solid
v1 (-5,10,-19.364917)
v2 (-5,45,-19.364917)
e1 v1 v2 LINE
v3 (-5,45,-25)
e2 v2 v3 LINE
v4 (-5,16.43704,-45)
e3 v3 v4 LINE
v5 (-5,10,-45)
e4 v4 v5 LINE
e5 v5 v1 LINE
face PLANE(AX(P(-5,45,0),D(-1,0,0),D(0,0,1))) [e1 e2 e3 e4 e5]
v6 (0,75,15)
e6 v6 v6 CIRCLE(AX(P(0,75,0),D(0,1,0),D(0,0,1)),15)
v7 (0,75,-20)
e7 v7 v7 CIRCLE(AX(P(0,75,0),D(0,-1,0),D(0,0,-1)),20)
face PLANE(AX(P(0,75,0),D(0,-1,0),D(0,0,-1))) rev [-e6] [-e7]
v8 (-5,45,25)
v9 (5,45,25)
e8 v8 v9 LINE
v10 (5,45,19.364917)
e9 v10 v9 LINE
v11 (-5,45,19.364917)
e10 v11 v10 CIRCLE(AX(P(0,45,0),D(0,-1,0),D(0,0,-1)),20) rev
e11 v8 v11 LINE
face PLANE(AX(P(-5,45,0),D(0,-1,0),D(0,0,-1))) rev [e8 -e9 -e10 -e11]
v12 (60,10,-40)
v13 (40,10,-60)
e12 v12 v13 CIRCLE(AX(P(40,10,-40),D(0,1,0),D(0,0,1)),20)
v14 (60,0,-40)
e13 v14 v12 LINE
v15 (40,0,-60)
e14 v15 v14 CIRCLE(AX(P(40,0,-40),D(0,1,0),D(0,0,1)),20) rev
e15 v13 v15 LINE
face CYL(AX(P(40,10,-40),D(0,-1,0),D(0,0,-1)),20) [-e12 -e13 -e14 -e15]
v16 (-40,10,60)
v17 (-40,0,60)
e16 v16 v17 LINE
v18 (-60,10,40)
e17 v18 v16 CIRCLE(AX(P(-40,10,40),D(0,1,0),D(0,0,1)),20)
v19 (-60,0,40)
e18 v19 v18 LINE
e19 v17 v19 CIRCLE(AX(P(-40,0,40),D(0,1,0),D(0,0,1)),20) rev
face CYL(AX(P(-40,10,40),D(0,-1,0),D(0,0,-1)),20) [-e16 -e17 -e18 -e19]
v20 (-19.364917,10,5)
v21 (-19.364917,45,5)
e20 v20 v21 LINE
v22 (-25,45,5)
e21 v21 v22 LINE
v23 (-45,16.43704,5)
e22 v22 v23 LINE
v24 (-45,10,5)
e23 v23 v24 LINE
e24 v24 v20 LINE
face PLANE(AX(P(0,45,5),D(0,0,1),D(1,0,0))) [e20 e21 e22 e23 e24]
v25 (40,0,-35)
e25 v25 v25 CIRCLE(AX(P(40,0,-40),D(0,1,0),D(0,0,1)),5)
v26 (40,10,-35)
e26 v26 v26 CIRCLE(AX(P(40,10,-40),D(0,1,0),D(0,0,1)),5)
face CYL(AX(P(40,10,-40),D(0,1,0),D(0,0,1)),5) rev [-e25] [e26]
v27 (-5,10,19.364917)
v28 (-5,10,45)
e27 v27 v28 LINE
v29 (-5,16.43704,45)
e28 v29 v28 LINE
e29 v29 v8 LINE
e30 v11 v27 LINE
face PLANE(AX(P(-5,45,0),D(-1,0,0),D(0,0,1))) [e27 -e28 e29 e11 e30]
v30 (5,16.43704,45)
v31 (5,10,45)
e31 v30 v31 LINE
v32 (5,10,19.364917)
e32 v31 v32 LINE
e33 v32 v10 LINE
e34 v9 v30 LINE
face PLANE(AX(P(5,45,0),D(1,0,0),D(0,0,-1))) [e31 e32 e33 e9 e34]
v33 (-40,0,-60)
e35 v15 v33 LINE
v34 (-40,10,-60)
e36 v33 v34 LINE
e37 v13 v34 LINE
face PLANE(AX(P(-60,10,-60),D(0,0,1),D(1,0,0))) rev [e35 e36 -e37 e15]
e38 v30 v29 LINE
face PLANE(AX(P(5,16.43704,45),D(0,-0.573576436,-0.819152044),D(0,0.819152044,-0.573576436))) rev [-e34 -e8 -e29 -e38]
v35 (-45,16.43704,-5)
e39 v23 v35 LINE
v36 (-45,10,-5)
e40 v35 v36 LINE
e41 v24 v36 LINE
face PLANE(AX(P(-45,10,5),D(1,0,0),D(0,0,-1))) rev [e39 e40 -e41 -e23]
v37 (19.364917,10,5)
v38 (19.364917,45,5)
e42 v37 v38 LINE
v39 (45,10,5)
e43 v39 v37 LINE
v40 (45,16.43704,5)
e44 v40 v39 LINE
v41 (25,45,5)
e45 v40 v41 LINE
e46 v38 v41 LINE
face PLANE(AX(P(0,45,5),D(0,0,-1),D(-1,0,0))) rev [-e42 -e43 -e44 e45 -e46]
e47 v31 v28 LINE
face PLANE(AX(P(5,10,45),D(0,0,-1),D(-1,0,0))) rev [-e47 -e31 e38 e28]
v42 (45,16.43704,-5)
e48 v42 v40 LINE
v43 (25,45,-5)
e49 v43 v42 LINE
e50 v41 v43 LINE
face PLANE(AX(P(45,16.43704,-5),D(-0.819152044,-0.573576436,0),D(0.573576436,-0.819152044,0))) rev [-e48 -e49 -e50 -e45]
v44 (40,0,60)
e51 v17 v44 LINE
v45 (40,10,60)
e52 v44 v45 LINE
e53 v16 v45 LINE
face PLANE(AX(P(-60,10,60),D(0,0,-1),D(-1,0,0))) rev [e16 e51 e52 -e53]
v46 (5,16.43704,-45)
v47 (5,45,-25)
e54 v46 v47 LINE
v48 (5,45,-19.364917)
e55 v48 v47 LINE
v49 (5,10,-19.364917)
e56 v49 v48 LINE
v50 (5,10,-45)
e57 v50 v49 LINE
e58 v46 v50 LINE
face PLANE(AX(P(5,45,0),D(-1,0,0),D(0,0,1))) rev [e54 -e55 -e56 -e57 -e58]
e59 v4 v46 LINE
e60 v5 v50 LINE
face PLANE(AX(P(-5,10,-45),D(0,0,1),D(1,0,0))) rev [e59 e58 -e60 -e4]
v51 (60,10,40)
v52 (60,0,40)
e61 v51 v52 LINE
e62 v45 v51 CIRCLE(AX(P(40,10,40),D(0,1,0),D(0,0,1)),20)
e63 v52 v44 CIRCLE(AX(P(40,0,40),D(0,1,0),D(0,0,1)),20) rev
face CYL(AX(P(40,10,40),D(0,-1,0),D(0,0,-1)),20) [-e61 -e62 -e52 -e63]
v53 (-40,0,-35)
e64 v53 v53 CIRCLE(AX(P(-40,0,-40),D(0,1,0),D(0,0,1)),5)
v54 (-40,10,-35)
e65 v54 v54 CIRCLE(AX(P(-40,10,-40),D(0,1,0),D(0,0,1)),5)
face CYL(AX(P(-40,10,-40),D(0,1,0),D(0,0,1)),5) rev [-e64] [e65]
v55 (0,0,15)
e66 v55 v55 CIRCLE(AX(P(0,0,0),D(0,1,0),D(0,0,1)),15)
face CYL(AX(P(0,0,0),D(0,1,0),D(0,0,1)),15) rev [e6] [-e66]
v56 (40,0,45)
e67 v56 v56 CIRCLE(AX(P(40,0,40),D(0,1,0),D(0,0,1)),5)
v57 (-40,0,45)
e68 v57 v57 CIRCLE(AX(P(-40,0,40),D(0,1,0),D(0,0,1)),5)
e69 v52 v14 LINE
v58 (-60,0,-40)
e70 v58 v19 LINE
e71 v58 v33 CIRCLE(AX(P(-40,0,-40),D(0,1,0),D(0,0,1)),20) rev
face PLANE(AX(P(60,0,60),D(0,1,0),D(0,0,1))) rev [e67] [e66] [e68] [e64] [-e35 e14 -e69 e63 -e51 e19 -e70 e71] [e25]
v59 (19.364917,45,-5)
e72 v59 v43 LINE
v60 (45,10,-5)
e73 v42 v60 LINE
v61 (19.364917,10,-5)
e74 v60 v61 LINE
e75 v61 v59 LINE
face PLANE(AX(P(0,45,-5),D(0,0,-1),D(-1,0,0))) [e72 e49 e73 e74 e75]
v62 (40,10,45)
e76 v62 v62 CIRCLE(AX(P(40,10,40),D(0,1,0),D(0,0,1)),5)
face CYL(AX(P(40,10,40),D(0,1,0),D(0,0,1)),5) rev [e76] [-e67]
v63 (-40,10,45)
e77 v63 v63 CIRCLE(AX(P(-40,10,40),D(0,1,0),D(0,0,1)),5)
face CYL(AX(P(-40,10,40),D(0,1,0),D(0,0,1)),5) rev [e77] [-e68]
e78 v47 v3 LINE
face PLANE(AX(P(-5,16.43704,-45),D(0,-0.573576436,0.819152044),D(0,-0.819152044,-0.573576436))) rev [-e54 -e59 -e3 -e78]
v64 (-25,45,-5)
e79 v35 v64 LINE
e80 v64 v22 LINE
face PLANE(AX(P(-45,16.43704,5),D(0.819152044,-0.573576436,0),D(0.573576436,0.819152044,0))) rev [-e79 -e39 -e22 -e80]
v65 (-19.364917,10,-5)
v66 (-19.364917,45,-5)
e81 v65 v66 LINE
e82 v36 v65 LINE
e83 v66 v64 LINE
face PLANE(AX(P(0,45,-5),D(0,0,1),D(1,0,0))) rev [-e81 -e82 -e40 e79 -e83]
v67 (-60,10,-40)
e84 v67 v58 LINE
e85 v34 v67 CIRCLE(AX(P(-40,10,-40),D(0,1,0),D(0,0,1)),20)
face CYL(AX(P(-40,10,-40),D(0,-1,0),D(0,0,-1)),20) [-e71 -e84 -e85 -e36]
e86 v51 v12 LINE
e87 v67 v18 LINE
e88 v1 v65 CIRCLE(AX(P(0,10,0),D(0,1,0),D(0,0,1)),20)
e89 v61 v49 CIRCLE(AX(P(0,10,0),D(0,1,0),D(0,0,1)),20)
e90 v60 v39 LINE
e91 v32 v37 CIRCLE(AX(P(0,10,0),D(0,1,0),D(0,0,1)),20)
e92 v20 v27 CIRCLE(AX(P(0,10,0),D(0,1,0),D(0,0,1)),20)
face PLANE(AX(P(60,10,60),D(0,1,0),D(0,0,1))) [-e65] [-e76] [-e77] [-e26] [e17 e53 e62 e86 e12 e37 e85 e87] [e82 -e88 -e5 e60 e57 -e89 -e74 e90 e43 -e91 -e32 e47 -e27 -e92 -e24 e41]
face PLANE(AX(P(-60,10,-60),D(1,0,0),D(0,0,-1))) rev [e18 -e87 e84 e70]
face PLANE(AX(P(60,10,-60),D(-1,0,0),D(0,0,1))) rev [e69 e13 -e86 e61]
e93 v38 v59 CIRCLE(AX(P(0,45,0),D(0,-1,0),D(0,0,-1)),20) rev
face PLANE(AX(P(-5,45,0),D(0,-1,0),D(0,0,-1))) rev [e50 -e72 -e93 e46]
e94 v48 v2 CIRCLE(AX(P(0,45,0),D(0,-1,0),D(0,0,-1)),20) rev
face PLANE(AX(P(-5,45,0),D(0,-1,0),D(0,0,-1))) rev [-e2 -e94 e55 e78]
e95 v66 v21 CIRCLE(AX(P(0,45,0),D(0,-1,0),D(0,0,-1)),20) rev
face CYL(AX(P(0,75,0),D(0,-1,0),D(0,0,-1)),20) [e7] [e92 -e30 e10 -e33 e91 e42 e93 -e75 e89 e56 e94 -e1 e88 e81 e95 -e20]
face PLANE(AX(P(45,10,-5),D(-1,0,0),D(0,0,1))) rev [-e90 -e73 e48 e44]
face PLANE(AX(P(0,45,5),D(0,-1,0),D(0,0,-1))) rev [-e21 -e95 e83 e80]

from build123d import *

# Parameters (mm, degrees)
BOSS_EXTRUDE1_DEPTH            = 10
SKETCH2_R                      = 20
BOSS_EXTRUDE2_DEPTH            = 75
BOSS_EXTRUDE3_DEPTH            = 5
CHAMFER1_SIZE                  = 20
CHAMFER1_SIZE2                 = 28.562960134842417
CIRPATTERN1_COUNT              = 4
CHAMFER1_OF_CIRPATTERN1_SIZE2  = 28.562960134842417
CHAMFER1_OF_CIRPATTERN1_SIZE   = 20
SKETCH4_R                      = 15
CUT_EXTRUDE1_DEPTH             = 114.24751652906124
FILLET1_R                      = 20
F_10_0_10_DIAMETER_HOLE1_D     = 10
F_10_0_10_DIAMETER_HOLE1_DEPTH = 10
F_10_0_10_DIAMETER_HOLE1_TIP   = 3.0043030951378014


with BuildPart() as part:
    # Sketch1 → Boss-Extrude1 (new body)
    with BuildSketch(Plane(origin=(0, 0, 0), x_dir=(1, 0, 0), z_dir=(0, 1, 0))):
        Polygon((-60.00000000000001, 59.99999999999999), (59.99999999999999, 59.99999999999999), (60.00000000000001, -60.00000000000001), (-59.99999999999999, -60.00000000000001), align=None)
    extrude(amount=BOSS_EXTRUDE1_DEPTH)

    # Sketch2 → Boss-Extrude2 (add)
    with BuildSketch(Plane.XZ):
        with Locations(Location((0, 0, 0), (0, 0, 270))):
            Circle(SKETCH2_R)
    extrude(amount=-BOSS_EXTRUDE2_DEPTH)

    # Sketch3 → Boss-Extrude3 (add, symmetric)
    with BuildSketch(Plane.XY):
        Polygon((0, 10), (-45, 9.999999999999995), (-45, 45), (0, 45), align=None)
    boss_extrude3 = extrude(amount=BOSS_EXTRUDE3_DEPTH, both=True)

    # Chamfer1
    chamfer1_edges = [part.edges().sort_by_distance(p)[0] for p in [
        (-45, 45, 0),
    ]]
    chamfer1_side = [part.faces().sort_by_distance(p)[0] for p in [
        (-32.39412654979103, 45, 2.29e-15),
    ]]
    chamfer(chamfer1_edges, length=CHAMFER1_SIZE, length2=CHAMFER1_SIZE2, reference=chamfer1_side[0])

    # CirPattern1: Boss-Extrude3 ×4 about axis
    cirpattern1_axis = Axis((-1.07e-15, 0, 7e-17), (0, 1, 0))
    for i in range(1, CIRPATTERN1_COUNT):
        add(boss_extrude3.rotate(cirpattern1_axis, i * 360 / CIRPATTERN1_COUNT))

    # Chamfer1 of CirPattern1
    chamfer1_of_cirpattern1_edges = [part.edges().sort_by_distance(p)[0] for p in [
        (-3.9e-15, 45, 45),
        (45, 45, 5.66e-15),
        (7.27e-15, 45, -45),
    ]]
    chamfer(chamfer1_of_cirpattern1_edges, length=CHAMFER1_OF_CIRPATTERN1_SIZE, length2=CHAMFER1_OF_CIRPATTERN1_SIZE2)

    # Sketch4 → Cut-Extrude1 (cut, through all)
    with BuildSketch(Plane(origin=(0, 75, 0), x_dir=(1, 0, 0), z_dir=(0, 1, 0))):
        with Locations(Location((0, 0, 0), (0, 0, 270))):
            Circle(SKETCH4_R)
    extrude(amount=-CUT_EXTRUDE1_DEPTH, mode=Mode.SUBTRACT)

    # Fillet1
    fillet1_edges = [part.edges().sort_by_distance(p)[0] for p in [
        (60.00000000000001, 5, 60.00000000000001),
        (-59.99999999999999, 5, 60.00000000000001),
        (-60.00000000000001, 5, -59.99999999999999),
        (59.99999999999999, 5, -59.99999999999999),
    ]]
    fillet(fillet1_edges, radius=FILLET1_R)

    # Ø10.0 (10) Diameter Hole1
    with Locations(Plane(origin=(0, 10, 0), x_dir=(-1, 0, 0), z_dir=(0, 1, 0))):
        with Locations((40, -40), (40, 40), (-40, 40), (-40, -40)):
            Hole(F_10_0_10_DIAMETER_HOLE1_D / 2, depth=F_10_0_10_DIAMETER_HOLE1_DEPTH)
            with Locations((0, 0, -(F_10_0_10_DIAMETER_HOLE1_DEPTH + F_10_0_10_DIAMETER_HOLE1_TIP / 2))):  # 118° drill point
                Cone(0, F_10_0_10_DIAMETER_HOLE1_D / 2, F_10_0_10_DIAMETER_HOLE1_TIP, mode=Mode.SUBTRACT)


solid = part.part
